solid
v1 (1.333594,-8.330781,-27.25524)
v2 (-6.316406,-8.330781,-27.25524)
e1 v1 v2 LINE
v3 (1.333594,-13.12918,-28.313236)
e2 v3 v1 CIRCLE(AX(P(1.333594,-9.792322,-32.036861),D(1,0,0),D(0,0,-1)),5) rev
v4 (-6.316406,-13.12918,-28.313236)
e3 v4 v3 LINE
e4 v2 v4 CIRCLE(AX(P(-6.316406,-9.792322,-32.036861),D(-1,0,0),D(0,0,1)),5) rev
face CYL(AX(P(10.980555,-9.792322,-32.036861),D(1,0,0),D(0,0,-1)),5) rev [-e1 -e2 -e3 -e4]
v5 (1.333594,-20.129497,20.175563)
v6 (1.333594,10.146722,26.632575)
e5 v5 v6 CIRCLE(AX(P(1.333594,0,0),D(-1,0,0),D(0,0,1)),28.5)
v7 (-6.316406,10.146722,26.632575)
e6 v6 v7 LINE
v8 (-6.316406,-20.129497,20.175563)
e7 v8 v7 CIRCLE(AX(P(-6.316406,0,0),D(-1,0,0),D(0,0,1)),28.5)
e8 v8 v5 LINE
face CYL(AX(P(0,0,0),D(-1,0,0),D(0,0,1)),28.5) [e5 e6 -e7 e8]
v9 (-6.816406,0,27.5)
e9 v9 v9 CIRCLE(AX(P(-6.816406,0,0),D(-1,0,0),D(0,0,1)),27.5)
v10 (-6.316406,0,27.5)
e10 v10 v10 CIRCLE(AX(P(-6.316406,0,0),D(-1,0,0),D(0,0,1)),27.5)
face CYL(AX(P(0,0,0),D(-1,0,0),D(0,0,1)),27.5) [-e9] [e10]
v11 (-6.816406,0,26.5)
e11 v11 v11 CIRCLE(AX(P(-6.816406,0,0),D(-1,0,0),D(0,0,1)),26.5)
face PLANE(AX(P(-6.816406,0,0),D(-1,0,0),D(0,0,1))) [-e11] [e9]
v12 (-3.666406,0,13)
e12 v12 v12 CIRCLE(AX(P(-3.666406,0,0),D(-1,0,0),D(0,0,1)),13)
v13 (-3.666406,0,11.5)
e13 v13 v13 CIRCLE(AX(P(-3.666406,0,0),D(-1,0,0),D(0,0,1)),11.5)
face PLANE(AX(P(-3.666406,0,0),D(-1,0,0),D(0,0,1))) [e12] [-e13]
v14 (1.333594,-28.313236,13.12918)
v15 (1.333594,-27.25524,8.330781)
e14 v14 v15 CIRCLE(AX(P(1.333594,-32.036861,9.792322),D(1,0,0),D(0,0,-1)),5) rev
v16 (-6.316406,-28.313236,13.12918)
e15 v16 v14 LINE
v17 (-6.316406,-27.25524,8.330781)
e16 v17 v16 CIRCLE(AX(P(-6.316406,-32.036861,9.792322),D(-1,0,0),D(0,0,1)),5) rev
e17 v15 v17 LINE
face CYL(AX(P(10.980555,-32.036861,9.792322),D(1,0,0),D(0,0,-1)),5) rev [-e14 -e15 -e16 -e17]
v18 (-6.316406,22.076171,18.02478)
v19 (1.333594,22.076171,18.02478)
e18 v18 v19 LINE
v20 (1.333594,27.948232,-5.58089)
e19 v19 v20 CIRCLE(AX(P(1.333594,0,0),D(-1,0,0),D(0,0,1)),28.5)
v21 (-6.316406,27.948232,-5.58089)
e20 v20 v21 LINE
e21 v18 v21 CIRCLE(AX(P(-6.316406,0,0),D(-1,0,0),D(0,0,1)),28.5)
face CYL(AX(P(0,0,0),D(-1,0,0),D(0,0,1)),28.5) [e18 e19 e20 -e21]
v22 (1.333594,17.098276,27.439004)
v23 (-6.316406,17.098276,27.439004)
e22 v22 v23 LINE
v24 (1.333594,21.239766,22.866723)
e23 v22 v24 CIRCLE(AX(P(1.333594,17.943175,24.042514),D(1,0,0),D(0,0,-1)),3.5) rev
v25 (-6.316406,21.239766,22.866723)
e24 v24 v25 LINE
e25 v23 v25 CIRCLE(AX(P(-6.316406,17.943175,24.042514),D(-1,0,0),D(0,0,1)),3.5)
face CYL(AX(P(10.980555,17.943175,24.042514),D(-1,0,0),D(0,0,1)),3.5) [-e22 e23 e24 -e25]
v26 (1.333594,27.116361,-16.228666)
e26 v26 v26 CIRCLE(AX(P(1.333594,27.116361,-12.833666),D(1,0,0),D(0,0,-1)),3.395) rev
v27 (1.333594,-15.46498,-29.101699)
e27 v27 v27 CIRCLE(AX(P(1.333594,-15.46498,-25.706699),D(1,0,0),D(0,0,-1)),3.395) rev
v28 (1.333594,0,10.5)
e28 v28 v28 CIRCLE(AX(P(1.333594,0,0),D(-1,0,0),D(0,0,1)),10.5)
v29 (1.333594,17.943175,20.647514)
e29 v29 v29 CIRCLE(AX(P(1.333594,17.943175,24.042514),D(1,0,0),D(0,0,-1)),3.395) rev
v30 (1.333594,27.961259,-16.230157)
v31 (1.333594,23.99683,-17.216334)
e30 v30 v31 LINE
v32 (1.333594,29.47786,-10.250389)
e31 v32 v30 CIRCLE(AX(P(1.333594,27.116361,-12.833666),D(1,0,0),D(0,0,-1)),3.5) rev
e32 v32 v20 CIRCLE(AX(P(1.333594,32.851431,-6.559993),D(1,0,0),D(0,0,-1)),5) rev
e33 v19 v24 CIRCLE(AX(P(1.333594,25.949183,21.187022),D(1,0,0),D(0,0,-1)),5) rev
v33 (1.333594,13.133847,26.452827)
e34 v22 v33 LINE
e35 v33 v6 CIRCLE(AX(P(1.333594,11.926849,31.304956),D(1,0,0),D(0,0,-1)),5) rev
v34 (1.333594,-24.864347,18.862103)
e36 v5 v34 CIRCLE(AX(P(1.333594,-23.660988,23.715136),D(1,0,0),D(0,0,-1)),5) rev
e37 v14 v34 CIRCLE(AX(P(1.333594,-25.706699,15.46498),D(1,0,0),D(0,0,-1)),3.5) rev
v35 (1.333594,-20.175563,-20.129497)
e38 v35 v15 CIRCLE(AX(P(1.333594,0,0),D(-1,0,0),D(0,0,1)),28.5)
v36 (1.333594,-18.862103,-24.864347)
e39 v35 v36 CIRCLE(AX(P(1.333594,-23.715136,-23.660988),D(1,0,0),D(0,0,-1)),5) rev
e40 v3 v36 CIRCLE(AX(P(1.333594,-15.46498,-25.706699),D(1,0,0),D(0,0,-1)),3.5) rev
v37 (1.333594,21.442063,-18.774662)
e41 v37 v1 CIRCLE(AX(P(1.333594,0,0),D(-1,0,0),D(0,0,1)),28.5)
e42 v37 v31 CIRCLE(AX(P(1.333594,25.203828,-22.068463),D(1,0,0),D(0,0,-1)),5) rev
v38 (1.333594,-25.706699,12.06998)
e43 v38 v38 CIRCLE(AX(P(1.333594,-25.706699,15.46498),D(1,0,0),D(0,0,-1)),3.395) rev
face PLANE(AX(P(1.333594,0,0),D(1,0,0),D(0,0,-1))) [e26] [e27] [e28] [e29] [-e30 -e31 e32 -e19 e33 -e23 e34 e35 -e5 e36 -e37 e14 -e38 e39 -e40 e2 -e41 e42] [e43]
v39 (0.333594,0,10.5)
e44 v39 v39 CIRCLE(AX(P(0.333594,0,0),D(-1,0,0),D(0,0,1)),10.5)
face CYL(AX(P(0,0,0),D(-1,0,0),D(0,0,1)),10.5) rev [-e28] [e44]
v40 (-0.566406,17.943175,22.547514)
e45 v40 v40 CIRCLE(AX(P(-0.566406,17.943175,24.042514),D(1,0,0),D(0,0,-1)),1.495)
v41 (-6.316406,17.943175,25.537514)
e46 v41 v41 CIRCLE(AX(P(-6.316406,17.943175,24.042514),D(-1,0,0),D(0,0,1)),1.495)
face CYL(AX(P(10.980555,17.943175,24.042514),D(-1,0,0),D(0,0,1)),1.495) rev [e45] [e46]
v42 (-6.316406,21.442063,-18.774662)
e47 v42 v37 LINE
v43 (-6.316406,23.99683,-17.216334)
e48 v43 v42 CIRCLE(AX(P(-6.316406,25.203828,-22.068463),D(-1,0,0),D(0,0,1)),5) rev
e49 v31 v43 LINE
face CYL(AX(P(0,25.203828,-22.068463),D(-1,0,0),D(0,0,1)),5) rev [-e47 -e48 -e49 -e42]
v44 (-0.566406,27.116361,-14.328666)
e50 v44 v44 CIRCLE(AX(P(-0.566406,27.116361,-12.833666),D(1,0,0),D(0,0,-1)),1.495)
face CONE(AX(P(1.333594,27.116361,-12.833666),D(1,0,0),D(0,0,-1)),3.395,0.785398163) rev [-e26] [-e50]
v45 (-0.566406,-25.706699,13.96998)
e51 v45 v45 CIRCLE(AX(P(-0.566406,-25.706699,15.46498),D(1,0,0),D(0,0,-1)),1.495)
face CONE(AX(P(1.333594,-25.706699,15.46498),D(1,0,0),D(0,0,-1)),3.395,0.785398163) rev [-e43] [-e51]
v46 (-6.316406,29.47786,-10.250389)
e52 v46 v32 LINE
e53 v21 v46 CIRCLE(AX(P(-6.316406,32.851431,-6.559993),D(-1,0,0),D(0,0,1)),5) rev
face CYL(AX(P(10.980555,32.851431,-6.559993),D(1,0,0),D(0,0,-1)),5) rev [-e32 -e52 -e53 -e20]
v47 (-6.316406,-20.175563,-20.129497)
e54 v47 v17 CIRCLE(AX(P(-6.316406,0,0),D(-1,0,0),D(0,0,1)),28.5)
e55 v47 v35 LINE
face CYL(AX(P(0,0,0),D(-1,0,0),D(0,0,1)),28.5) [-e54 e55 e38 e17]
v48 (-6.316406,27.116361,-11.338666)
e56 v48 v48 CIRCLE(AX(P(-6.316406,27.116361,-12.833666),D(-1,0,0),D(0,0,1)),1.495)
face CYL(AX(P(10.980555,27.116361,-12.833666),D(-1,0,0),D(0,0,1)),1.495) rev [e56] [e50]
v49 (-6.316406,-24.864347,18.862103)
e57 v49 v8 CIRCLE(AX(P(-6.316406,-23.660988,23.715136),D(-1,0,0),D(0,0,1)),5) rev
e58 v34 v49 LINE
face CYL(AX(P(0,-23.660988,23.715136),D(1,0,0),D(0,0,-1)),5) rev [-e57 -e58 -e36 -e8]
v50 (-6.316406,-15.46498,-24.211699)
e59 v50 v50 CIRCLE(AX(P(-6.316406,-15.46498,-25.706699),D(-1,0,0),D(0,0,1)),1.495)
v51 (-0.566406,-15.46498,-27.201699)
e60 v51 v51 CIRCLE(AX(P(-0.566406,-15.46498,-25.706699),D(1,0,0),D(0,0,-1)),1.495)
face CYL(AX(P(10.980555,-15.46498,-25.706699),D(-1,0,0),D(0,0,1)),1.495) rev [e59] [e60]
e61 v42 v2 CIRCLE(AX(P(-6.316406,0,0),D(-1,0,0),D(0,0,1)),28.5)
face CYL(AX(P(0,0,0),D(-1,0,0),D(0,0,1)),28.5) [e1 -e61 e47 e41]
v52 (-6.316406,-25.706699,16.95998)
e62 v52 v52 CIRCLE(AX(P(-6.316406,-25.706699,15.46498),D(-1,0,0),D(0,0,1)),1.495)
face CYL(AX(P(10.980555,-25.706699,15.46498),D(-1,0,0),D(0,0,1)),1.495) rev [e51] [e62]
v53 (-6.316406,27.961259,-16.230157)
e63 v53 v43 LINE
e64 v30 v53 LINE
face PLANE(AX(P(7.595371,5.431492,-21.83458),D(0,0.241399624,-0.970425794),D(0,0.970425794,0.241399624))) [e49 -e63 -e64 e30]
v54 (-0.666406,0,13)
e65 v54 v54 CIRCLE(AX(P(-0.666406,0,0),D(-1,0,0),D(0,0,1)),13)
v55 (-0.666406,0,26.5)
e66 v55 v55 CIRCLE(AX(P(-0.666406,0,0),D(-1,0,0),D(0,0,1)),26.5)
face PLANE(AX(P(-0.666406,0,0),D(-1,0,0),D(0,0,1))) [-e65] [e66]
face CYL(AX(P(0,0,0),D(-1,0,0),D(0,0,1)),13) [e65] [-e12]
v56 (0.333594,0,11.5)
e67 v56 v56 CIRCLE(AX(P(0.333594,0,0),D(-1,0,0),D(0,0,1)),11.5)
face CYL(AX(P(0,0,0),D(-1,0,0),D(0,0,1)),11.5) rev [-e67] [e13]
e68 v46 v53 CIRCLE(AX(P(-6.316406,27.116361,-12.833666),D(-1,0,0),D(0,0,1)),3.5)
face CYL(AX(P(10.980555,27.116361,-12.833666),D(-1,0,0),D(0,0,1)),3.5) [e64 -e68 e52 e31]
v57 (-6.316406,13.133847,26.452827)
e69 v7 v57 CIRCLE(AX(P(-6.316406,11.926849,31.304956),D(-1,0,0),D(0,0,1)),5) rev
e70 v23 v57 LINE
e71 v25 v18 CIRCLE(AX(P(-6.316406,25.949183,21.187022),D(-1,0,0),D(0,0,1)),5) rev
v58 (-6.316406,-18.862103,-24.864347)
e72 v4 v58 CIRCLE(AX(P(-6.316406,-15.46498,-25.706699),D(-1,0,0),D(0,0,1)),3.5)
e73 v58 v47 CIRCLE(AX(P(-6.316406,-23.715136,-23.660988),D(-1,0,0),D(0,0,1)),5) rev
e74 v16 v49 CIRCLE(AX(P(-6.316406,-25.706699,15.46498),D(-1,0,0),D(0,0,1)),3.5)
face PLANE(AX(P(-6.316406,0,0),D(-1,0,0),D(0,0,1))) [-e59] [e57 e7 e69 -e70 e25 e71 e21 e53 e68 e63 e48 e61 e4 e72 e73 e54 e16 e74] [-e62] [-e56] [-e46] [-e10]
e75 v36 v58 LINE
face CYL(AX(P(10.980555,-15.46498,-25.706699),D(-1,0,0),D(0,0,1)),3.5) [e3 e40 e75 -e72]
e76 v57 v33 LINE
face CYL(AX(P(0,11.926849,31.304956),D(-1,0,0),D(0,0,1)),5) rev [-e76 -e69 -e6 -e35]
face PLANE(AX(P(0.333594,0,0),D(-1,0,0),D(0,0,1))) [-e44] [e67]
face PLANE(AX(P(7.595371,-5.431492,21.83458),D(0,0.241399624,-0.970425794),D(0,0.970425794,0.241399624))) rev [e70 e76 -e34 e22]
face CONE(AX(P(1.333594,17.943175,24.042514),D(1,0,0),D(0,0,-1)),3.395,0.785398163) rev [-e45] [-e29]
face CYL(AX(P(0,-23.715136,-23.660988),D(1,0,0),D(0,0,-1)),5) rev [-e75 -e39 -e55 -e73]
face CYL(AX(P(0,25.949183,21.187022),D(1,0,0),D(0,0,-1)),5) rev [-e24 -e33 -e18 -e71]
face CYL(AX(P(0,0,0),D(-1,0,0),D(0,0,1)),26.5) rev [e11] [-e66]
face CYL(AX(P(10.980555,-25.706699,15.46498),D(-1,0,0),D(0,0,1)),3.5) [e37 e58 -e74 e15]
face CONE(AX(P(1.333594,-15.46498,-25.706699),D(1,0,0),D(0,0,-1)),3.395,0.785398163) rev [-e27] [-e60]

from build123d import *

# Parameters (mm, degrees)
SKETCH1_W           = 3
SKETCH1_H           = 1.5
SKETCH2_R           = 3.5
SKETCH2_R_2         = 1.495
BOSS_EXTRUDE1_DEPTH = 7.65
FILLET1_R           = 5
CHAMFER1_SIZE       = 1.9
BOSS_EXTRUDE2_DEPTH = 7.65
FILLET2_R           = 5


with BuildPart() as part:
    # Sketch1 → Revolve1 (revolve)
    with BuildSketch(Plane.XY):
        Polygon((-6.31640625, 27.5), (-6.31640625, 28.5), (1.33359375, 28.5), (1.33359375, 10.5), (0.33359375, 10.5), (0.33359375, 11.5), (-0.66640625, 11.5), (-0.66640625, 26.5), (-6.81640625, 26.5), (-6.81640625, 27.5), align=None)
        with Locations((-2.16640625, 12.25)):
            Rectangle(SKETCH1_W, SKETCH1_H)
    revolve(axis=Axis((0, 0, 0), (1, 0, 0)))

    # Sketch2 → Boss-Extrude1 (add)
    with BuildSketch(Plane.ZY.offset(6.31640625)):
        with Locations((-12.833666233, 27.116360579)):
            Circle(SKETCH2_R)
        with Locations((-12.833666233, 27.116360579)):
            Circle(SKETCH2_R_2, mode=Mode.SUBTRACT)
        with Locations((24.042513933, 17.943174852)):
            Circle(SKETCH2_R)
        with Locations((24.042513933, 17.943174852)):
            Circle(SKETCH2_R_2, mode=Mode.SUBTRACT)
        with Locations((15.464980443, -25.706699125)):
            Circle(SKETCH2_R)
        with Locations((15.464980443, -25.706699125)):
            Circle(SKETCH2_R_2, mode=Mode.SUBTRACT)
        with Locations((-25.706699125, -15.464980443)):
            Circle(SKETCH2_R)
        with Locations((-25.706699125, -15.464980443)):
            Circle(SKETCH2_R_2, mode=Mode.SUBTRACT)
    extrude(amount=-BOSS_EXTRUDE1_DEPTH)

    # Fillet1
    fillet1_edges = [part.edges().sort_by_distance(p)[0] for p in [
        (-2.49140625, 26.926500874, -9.338819556),
        (-2.49140625, 19.412851347, 20.866029871),
        (-2.49140625, -17.243063028, -22.691998092),
        (-2.49140625, -11.968566697, -25.865100255),
        (-2.49140625, -22.691998092, 17.243063028),
        (-2.49140625, -25.865100255, 11.968566697),
    ]]
    fillet(fillet1_edges, radius=FILLET1_R)

    # Chamfer1
    chamfer1_edges = [part.edges().sort_by_distance(p)[0] for p in [
        (1.33359375, 27.116360579, -14.328666233),
        (1.33359375, 17.943174852, 22.547513933),
        (1.33359375, -15.464980443, -27.201699125),
        (1.33359375, -25.706699125, 13.969980443),
    ]]
    chamfer(chamfer1_edges, length=CHAMFER1_SIZE)

    # Sketch4 → Boss-Extrude2 (add)
    with BuildSketch(Plane.ZY.offset(6.31640625)):
        with BuildLine():
            ThreePointArc((-14.902549995, 24.29329133), (-16.124726175, 25.925174422), (-16.230156511, 27.961259264))
            Line((-16.230156511, 27.961259264), (-17.61181157, 22.407009913))
            ThreePointArc((-17.61181157, 22.407009913), (-16.284515387, 23.38941125), (-14.902549995, 24.29329133))
        make_face()
        with BuildLine():
            Line((26.057349153, 11.544026816), (27.439004212, 17.098276167))
            ThreePointArc((27.439004212, 17.098276167), (26.391913334, 15.34888835), (24.547607559, 14.479812262))
            ThreePointArc((24.547607559, 14.479812262), (25.345021602, 13.033797605), (26.057349153, 11.544026816))
        make_face()
    extrude(amount=-BOSS_EXTRUDE2_DEPTH)

    # Fillet2
    fillet2_edges = [part.edges().sort_by_distance(p)[0] for p in [
        (-2.49140625, 22.407009913, -17.61181157),
        (-2.49140625, 11.544026816, 26.057349153),
    ]]
    fillet(fillet2_edges, radius=FILLET2_R)


solid = part.part
